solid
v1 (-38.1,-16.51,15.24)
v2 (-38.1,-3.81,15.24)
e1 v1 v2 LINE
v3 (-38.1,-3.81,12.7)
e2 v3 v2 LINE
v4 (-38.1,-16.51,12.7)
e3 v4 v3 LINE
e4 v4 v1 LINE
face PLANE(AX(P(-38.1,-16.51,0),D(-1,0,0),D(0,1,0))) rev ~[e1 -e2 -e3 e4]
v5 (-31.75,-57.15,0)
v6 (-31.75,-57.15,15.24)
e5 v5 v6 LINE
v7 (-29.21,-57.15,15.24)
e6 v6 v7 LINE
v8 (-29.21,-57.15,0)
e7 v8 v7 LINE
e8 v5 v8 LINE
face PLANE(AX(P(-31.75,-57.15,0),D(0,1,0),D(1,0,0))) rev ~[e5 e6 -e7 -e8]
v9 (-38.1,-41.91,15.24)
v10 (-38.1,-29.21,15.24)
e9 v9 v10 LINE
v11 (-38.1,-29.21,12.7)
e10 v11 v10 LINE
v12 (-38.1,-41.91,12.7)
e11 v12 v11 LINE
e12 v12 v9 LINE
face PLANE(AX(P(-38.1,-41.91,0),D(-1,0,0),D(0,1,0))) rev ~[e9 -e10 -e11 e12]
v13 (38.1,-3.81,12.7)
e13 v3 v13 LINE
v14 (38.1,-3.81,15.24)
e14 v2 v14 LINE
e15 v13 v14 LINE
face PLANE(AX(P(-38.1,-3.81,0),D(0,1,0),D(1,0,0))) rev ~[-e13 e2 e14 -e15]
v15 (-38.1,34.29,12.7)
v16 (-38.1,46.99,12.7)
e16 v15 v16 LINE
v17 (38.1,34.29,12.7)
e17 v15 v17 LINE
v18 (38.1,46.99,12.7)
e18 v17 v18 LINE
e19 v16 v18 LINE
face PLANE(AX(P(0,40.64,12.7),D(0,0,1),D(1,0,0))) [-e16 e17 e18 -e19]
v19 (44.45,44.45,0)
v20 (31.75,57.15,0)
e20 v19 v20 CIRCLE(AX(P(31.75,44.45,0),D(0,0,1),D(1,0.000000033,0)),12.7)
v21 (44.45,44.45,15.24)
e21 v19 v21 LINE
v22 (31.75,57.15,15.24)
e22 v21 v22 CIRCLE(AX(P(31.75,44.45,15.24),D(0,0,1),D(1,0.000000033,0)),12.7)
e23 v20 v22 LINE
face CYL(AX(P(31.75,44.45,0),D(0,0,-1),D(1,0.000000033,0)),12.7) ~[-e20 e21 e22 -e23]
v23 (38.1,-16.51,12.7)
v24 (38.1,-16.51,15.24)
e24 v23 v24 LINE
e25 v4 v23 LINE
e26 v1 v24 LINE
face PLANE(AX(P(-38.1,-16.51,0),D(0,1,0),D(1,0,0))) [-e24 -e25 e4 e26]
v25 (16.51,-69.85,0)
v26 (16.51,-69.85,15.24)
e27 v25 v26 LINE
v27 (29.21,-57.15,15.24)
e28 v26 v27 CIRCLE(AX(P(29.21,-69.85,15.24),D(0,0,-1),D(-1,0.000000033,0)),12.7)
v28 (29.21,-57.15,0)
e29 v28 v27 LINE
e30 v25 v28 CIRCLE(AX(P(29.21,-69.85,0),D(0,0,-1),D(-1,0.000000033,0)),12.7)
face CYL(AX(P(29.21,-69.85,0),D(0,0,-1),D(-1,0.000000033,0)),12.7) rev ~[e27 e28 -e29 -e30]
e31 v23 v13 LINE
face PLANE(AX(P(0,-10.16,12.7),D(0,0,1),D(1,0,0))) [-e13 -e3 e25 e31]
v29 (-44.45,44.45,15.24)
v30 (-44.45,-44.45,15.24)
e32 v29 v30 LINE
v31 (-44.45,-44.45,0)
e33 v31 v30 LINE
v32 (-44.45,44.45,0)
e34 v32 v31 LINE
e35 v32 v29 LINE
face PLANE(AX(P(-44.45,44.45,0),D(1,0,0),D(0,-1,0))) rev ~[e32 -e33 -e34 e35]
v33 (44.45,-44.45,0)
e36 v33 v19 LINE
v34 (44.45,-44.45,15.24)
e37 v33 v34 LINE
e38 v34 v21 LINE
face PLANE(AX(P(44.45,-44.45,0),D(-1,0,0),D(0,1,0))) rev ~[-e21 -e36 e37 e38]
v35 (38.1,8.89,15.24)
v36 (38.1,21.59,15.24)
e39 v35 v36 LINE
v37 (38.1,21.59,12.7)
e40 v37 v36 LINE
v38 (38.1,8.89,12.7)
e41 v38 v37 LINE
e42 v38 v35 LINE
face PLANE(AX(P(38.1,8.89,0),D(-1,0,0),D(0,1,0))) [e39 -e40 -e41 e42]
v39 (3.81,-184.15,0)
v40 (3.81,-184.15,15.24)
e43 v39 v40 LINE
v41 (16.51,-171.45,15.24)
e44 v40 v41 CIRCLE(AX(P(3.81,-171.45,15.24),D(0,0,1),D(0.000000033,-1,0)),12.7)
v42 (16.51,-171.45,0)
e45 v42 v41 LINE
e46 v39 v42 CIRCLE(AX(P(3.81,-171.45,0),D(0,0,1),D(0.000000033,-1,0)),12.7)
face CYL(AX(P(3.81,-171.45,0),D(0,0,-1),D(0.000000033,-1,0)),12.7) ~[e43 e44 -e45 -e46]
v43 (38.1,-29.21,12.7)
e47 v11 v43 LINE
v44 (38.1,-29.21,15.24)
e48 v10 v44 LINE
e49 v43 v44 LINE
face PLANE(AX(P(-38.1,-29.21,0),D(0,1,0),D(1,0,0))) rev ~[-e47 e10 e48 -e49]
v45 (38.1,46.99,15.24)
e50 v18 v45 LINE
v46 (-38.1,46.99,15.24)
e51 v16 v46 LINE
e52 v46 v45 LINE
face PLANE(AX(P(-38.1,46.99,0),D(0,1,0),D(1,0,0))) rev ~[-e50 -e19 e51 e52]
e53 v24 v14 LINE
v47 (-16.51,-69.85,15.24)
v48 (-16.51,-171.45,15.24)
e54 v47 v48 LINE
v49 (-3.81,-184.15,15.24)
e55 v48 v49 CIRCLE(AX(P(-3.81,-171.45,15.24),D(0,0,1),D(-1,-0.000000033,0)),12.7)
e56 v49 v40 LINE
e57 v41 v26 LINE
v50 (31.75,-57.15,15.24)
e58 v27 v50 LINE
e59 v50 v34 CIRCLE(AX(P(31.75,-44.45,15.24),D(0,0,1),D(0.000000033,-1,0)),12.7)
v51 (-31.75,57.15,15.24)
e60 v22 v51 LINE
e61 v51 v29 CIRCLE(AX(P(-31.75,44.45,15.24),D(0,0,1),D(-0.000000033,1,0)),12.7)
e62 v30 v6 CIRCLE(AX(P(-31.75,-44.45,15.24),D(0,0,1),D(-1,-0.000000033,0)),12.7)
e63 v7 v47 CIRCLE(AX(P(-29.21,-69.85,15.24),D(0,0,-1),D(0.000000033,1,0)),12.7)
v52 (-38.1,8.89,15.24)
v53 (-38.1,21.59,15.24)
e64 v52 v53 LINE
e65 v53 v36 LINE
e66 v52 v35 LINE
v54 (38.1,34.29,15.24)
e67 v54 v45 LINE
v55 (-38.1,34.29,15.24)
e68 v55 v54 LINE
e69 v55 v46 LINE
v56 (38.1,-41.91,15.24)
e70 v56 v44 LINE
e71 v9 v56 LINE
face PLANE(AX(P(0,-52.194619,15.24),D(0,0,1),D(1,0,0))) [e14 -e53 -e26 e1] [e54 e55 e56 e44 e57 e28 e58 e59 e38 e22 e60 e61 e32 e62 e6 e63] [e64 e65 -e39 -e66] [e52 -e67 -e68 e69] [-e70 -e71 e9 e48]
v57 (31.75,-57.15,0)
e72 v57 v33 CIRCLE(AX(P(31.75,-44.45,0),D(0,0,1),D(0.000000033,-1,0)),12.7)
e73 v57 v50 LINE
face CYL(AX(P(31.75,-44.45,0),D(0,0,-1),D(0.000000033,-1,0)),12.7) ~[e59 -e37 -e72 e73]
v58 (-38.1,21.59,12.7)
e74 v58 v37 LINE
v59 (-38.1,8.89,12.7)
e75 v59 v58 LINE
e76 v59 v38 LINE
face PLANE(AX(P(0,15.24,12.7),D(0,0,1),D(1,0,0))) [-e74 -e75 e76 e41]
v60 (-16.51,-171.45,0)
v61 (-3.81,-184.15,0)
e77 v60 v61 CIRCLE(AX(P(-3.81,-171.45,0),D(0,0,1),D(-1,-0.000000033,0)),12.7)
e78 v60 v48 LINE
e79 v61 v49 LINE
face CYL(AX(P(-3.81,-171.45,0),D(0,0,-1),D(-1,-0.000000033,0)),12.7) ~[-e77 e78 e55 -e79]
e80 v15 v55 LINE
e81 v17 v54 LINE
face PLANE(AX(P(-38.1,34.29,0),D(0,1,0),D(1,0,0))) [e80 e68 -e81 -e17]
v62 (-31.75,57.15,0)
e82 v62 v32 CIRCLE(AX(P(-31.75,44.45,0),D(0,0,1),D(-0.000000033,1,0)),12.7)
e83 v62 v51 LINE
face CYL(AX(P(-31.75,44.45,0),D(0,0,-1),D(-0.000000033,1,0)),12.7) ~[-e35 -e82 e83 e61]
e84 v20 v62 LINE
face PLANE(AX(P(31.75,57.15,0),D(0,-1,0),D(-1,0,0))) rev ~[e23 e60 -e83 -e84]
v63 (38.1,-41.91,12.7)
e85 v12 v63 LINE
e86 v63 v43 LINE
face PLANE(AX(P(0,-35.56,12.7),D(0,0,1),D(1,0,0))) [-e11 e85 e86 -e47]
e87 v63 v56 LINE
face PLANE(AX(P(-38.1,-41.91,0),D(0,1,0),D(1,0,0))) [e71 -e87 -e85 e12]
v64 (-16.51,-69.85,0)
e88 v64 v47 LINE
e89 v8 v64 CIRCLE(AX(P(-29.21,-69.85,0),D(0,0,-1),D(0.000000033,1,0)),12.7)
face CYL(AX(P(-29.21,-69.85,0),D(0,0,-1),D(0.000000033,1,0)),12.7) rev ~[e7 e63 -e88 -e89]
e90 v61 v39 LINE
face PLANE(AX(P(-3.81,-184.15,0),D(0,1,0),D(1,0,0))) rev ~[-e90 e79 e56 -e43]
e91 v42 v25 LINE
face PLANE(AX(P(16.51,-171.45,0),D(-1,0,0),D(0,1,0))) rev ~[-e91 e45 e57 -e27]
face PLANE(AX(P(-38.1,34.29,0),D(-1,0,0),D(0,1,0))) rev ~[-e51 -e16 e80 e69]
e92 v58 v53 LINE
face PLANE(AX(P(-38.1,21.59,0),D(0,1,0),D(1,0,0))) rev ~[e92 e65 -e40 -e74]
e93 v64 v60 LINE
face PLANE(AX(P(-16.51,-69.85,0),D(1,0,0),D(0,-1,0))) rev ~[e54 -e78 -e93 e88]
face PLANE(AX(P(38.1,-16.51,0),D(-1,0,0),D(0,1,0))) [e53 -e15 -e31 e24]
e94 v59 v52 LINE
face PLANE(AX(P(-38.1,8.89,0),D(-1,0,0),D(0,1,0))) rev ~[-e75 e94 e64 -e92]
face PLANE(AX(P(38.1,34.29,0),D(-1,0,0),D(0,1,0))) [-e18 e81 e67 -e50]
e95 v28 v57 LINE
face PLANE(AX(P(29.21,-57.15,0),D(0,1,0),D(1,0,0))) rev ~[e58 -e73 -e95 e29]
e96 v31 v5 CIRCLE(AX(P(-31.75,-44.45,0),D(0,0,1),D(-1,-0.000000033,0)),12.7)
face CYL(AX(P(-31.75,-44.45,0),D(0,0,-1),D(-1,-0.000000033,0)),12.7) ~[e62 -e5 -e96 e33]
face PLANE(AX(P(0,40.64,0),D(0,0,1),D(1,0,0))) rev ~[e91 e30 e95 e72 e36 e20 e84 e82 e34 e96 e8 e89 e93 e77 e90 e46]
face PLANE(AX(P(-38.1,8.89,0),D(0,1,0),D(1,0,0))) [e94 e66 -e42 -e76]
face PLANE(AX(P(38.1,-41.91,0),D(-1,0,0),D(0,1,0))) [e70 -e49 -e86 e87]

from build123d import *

# Parameters (mm, degrees)
F0_W     = 76.2
F0_H     = 12.7
F2_DEPTH = 15.24
F3_DEPTH = 12.7


with BuildPart() as f2:
    # F0 (on Top) → F2 (new body)
    with BuildSketch(Plane.XY):
        with BuildLine():
            ThreePointArc((44.45, 44.45), (40.730256, 53.430256), (31.75, 57.15))
            Line((31.75, 57.15), (-31.75, 57.15))
            ThreePointArc((-31.75, 57.15), (-40.730256, 53.430256), (-44.45, 44.45))
            Line((-44.45, 44.45), (-44.45, -44.45))
            ThreePointArc((-44.45, -44.45), (-40.730256, -53.430256), (-31.75, -57.15))
            Line((-31.75, -57.15), (-29.21, -57.15))
            ThreePointArc((-29.21, -57.15), (-20.229744, -60.869744), (-16.51, -69.85))
            Line((-16.51, -69.85), (-16.51, -171.45))
            ThreePointArc((-16.51, -171.45), (-12.790256, -180.430256), (-3.81, -184.15))
            Line((-3.81, -184.15), (3.81, -184.15))
            ThreePointArc((3.81, -184.15), (12.790256, -180.430256), (16.51, -171.45))
            Line((16.51, -171.45), (16.51, -85.09))
            Line((16.51, -85.09), (16.51, -72.39))
            Line((16.51, -72.39), (16.51, -69.85))
            ThreePointArc((16.51, -69.85), (20.229744, -60.869744), (29.21, -57.15))
            Line((29.21, -57.15), (31.75, -57.15))
            ThreePointArc((31.75, -57.15), (40.730256, -53.430256), (44.45, -44.45))
            Line((44.45, -44.45), (44.45, 44.45))
        make_face()
        with Locations((0, -35.56)):
            Rectangle(F0_W, F0_H, mode=Mode.SUBTRACT)
        with Locations((0, -10.16)):
            Rectangle(F0_W, F0_H, mode=Mode.SUBTRACT)
        with Locations((0, 15.24)):
            Rectangle(F0_W, F0_H, mode=Mode.SUBTRACT)
        with Locations((0, 40.64)):
            Rectangle(F0_W, F0_H, mode=Mode.SUBTRACT)
    extrude(amount=F2_DEPTH)

    # F0 (on Top) → F3 (join)
    with BuildSketch(Plane.XY):
        with Locations((0, 40.64)):
            Rectangle(F0_W, F0_H)
        with Locations((0, 15.24)):
            Rectangle(F0_W, F0_H)
        with Locations((0, -10.16)):
            Rectangle(F0_W, F0_H)
        with Locations((0, -35.56)):
            Rectangle(F0_W, F0_H)
    extrude(amount=F3_DEPTH)


solid = f2.part
